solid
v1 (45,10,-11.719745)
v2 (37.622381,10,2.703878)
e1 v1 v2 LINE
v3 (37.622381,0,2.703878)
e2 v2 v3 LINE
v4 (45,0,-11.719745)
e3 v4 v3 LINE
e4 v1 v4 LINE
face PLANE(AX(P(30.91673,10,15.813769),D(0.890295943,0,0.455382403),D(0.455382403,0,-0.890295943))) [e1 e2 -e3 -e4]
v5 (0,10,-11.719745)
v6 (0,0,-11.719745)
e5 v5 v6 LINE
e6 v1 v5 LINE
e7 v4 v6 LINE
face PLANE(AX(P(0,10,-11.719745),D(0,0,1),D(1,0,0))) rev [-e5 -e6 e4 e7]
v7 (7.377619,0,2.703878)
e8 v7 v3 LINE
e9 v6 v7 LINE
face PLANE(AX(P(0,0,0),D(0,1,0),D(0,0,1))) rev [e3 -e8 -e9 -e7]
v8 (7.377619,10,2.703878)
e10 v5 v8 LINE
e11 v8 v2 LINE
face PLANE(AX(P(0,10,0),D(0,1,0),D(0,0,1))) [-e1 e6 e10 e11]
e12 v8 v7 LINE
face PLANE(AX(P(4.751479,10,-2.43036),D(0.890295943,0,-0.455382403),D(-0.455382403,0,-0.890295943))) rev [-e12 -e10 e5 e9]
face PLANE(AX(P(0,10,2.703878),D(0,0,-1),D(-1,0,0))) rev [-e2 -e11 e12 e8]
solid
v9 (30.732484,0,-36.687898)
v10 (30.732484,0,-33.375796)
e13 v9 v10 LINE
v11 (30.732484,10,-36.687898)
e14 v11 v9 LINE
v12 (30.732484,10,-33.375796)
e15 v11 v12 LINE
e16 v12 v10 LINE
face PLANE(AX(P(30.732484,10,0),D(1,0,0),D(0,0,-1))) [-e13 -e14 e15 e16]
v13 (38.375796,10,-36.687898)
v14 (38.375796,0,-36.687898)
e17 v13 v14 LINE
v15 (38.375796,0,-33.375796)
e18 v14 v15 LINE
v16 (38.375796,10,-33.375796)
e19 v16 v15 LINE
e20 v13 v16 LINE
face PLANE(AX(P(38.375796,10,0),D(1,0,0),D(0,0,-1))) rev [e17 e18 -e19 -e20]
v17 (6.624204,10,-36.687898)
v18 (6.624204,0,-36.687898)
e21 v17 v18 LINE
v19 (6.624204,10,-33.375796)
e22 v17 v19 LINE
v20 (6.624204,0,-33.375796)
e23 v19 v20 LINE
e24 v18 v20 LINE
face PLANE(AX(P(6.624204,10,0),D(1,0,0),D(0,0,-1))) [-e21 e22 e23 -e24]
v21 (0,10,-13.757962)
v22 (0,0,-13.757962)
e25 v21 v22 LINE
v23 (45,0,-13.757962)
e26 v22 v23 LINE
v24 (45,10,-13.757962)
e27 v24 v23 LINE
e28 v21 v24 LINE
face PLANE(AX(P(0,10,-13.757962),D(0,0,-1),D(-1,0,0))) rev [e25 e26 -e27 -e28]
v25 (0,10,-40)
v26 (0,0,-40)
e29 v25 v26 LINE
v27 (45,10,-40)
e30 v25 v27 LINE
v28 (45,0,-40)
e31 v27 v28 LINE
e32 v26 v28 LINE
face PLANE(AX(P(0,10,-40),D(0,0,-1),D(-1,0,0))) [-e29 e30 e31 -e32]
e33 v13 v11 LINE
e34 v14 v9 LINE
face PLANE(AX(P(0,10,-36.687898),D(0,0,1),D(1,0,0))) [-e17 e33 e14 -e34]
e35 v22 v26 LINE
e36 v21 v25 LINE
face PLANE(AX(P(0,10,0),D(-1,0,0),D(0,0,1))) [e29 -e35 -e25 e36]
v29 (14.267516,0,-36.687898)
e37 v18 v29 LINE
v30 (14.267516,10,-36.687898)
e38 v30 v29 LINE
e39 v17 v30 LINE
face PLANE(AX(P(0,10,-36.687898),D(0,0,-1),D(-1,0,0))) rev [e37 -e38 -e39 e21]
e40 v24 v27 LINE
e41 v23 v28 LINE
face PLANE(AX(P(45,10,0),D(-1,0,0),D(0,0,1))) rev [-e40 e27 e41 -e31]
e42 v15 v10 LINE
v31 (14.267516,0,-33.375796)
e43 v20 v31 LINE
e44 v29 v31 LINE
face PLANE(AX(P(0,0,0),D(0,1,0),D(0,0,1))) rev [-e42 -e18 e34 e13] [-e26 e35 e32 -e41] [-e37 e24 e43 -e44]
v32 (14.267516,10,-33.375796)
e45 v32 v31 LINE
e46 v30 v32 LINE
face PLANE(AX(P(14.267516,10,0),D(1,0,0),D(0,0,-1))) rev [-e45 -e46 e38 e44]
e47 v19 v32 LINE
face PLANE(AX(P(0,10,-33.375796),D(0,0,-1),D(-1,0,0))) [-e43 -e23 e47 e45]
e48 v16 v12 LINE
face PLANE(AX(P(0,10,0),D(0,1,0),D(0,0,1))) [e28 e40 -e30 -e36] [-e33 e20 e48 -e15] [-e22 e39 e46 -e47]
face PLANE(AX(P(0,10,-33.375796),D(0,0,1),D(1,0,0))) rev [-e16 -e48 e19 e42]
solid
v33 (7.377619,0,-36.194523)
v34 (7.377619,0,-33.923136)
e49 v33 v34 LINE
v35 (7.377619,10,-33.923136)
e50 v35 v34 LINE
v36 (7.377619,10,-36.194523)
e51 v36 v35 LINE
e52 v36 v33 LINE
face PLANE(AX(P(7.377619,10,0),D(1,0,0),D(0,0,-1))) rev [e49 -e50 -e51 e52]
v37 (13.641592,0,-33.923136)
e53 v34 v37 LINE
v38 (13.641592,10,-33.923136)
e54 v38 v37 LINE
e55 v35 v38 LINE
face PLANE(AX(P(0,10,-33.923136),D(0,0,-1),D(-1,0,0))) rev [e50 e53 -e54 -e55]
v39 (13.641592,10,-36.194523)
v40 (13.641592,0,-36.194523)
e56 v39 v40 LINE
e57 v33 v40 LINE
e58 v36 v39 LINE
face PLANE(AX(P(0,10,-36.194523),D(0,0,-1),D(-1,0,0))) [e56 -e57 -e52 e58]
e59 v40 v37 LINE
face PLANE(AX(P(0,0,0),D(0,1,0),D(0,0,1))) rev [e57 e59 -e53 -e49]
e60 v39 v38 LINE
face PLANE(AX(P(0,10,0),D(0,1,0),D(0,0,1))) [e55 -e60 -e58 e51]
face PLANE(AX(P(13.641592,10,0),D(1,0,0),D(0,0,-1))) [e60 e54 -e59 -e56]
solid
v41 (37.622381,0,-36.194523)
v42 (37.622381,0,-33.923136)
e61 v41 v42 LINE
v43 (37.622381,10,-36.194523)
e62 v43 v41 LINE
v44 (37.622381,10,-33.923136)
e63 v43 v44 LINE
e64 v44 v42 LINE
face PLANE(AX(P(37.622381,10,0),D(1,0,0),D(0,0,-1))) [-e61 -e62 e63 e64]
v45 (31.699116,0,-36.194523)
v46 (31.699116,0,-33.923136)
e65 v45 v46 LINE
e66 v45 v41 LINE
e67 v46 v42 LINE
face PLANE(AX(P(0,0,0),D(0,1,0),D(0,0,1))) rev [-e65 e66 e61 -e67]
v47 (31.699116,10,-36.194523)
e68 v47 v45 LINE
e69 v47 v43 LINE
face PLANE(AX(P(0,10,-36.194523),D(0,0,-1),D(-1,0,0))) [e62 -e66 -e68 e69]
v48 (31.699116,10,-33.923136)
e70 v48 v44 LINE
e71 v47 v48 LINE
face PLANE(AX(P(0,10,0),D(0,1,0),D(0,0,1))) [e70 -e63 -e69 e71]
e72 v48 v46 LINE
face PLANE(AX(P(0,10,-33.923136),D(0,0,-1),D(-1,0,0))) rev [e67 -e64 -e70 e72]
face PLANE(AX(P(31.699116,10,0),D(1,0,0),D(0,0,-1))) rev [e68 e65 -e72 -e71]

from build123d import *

# Parameters (mm, degrees)
BOSS_EXTRUDE3_DEPTH   = 10
SKETCH1_W             = 45
SKETCH1_H             = 26.242038217
SKETCH1_W_2           = 7.643312102
SKETCH1_H_2           = 3.312101911
BOSS_EXTRUDE3_2_DEPTH = 10
SKETCH1_W_3           = 6.263973538
SKETCH1_H_3           = 2.271386604
BOSS_EXTRUDE3_3_DEPTH = 10
SKETCH1_W_4           = 5.923265548
BOSS_EXTRUDE3_4_DEPTH = 10


with BuildPart() as part:
    # Sketch1 → Boss-Extrude3 (new body)
    with BuildSketch(Plane(origin=(0, 0, 0), x_dir=(1, 0, 0), z_dir=(0, 1, 0))):
        Polygon((7.377618706, -2.703877559), (22.5, -2.703877559), (37.622381294, -2.703877559), (45, 11.719745223), (0, 11.719745223), align=None)
    extrude(amount=BOSS_EXTRUDE3_DEPTH)


with BuildPart() as body_2:
    # Sketch1 → Boss-Extrude3 2 (new body)
    with BuildSketch(Plane(origin=(0, 0, 0), x_dir=(1, 0, 0), z_dir=(0, 1, 0))):
        with Locations((22.5, 26.878980891)):
            Rectangle(SKETCH1_W, SKETCH1_H)
        with Locations((34.554140127, 35.031847134)):
            Rectangle(SKETCH1_W_2, SKETCH1_H_2, mode=Mode.SUBTRACT)
        with Locations((10.445859873, 35.031847134)):
            Rectangle(SKETCH1_W_2, SKETCH1_H_2, mode=Mode.SUBTRACT)
    extrude(amount=BOSS_EXTRUDE3_2_DEPTH)


with BuildPart() as body_3:
    # Sketch1 → Boss-Extrude3 3 (new body)
    with BuildSketch(Plane(origin=(0, 0, 0), x_dir=(1, 0, 0), z_dir=(0, 1, 0))):
        with Locations((10.509605475, 35.058829435)):
            Rectangle(SKETCH1_W_3, SKETCH1_H_3)
    extrude(amount=BOSS_EXTRUDE3_3_DEPTH)


with BuildPart() as body_4:
    # Sketch1 → Boss-Extrude3 4 (new body)
    with BuildSketch(Plane(origin=(0, 0, 0), x_dir=(1, 0, 0), z_dir=(0, 1, 0))):
        with Locations((34.66074852, 35.058829435)):
            Rectangle(SKETCH1_W_4, SKETCH1_H_3)
    extrude(amount=BOSS_EXTRUDE3_4_DEPTH)


solid = Compound([part.part, body_2.part, body_3.part, body_4.part])
